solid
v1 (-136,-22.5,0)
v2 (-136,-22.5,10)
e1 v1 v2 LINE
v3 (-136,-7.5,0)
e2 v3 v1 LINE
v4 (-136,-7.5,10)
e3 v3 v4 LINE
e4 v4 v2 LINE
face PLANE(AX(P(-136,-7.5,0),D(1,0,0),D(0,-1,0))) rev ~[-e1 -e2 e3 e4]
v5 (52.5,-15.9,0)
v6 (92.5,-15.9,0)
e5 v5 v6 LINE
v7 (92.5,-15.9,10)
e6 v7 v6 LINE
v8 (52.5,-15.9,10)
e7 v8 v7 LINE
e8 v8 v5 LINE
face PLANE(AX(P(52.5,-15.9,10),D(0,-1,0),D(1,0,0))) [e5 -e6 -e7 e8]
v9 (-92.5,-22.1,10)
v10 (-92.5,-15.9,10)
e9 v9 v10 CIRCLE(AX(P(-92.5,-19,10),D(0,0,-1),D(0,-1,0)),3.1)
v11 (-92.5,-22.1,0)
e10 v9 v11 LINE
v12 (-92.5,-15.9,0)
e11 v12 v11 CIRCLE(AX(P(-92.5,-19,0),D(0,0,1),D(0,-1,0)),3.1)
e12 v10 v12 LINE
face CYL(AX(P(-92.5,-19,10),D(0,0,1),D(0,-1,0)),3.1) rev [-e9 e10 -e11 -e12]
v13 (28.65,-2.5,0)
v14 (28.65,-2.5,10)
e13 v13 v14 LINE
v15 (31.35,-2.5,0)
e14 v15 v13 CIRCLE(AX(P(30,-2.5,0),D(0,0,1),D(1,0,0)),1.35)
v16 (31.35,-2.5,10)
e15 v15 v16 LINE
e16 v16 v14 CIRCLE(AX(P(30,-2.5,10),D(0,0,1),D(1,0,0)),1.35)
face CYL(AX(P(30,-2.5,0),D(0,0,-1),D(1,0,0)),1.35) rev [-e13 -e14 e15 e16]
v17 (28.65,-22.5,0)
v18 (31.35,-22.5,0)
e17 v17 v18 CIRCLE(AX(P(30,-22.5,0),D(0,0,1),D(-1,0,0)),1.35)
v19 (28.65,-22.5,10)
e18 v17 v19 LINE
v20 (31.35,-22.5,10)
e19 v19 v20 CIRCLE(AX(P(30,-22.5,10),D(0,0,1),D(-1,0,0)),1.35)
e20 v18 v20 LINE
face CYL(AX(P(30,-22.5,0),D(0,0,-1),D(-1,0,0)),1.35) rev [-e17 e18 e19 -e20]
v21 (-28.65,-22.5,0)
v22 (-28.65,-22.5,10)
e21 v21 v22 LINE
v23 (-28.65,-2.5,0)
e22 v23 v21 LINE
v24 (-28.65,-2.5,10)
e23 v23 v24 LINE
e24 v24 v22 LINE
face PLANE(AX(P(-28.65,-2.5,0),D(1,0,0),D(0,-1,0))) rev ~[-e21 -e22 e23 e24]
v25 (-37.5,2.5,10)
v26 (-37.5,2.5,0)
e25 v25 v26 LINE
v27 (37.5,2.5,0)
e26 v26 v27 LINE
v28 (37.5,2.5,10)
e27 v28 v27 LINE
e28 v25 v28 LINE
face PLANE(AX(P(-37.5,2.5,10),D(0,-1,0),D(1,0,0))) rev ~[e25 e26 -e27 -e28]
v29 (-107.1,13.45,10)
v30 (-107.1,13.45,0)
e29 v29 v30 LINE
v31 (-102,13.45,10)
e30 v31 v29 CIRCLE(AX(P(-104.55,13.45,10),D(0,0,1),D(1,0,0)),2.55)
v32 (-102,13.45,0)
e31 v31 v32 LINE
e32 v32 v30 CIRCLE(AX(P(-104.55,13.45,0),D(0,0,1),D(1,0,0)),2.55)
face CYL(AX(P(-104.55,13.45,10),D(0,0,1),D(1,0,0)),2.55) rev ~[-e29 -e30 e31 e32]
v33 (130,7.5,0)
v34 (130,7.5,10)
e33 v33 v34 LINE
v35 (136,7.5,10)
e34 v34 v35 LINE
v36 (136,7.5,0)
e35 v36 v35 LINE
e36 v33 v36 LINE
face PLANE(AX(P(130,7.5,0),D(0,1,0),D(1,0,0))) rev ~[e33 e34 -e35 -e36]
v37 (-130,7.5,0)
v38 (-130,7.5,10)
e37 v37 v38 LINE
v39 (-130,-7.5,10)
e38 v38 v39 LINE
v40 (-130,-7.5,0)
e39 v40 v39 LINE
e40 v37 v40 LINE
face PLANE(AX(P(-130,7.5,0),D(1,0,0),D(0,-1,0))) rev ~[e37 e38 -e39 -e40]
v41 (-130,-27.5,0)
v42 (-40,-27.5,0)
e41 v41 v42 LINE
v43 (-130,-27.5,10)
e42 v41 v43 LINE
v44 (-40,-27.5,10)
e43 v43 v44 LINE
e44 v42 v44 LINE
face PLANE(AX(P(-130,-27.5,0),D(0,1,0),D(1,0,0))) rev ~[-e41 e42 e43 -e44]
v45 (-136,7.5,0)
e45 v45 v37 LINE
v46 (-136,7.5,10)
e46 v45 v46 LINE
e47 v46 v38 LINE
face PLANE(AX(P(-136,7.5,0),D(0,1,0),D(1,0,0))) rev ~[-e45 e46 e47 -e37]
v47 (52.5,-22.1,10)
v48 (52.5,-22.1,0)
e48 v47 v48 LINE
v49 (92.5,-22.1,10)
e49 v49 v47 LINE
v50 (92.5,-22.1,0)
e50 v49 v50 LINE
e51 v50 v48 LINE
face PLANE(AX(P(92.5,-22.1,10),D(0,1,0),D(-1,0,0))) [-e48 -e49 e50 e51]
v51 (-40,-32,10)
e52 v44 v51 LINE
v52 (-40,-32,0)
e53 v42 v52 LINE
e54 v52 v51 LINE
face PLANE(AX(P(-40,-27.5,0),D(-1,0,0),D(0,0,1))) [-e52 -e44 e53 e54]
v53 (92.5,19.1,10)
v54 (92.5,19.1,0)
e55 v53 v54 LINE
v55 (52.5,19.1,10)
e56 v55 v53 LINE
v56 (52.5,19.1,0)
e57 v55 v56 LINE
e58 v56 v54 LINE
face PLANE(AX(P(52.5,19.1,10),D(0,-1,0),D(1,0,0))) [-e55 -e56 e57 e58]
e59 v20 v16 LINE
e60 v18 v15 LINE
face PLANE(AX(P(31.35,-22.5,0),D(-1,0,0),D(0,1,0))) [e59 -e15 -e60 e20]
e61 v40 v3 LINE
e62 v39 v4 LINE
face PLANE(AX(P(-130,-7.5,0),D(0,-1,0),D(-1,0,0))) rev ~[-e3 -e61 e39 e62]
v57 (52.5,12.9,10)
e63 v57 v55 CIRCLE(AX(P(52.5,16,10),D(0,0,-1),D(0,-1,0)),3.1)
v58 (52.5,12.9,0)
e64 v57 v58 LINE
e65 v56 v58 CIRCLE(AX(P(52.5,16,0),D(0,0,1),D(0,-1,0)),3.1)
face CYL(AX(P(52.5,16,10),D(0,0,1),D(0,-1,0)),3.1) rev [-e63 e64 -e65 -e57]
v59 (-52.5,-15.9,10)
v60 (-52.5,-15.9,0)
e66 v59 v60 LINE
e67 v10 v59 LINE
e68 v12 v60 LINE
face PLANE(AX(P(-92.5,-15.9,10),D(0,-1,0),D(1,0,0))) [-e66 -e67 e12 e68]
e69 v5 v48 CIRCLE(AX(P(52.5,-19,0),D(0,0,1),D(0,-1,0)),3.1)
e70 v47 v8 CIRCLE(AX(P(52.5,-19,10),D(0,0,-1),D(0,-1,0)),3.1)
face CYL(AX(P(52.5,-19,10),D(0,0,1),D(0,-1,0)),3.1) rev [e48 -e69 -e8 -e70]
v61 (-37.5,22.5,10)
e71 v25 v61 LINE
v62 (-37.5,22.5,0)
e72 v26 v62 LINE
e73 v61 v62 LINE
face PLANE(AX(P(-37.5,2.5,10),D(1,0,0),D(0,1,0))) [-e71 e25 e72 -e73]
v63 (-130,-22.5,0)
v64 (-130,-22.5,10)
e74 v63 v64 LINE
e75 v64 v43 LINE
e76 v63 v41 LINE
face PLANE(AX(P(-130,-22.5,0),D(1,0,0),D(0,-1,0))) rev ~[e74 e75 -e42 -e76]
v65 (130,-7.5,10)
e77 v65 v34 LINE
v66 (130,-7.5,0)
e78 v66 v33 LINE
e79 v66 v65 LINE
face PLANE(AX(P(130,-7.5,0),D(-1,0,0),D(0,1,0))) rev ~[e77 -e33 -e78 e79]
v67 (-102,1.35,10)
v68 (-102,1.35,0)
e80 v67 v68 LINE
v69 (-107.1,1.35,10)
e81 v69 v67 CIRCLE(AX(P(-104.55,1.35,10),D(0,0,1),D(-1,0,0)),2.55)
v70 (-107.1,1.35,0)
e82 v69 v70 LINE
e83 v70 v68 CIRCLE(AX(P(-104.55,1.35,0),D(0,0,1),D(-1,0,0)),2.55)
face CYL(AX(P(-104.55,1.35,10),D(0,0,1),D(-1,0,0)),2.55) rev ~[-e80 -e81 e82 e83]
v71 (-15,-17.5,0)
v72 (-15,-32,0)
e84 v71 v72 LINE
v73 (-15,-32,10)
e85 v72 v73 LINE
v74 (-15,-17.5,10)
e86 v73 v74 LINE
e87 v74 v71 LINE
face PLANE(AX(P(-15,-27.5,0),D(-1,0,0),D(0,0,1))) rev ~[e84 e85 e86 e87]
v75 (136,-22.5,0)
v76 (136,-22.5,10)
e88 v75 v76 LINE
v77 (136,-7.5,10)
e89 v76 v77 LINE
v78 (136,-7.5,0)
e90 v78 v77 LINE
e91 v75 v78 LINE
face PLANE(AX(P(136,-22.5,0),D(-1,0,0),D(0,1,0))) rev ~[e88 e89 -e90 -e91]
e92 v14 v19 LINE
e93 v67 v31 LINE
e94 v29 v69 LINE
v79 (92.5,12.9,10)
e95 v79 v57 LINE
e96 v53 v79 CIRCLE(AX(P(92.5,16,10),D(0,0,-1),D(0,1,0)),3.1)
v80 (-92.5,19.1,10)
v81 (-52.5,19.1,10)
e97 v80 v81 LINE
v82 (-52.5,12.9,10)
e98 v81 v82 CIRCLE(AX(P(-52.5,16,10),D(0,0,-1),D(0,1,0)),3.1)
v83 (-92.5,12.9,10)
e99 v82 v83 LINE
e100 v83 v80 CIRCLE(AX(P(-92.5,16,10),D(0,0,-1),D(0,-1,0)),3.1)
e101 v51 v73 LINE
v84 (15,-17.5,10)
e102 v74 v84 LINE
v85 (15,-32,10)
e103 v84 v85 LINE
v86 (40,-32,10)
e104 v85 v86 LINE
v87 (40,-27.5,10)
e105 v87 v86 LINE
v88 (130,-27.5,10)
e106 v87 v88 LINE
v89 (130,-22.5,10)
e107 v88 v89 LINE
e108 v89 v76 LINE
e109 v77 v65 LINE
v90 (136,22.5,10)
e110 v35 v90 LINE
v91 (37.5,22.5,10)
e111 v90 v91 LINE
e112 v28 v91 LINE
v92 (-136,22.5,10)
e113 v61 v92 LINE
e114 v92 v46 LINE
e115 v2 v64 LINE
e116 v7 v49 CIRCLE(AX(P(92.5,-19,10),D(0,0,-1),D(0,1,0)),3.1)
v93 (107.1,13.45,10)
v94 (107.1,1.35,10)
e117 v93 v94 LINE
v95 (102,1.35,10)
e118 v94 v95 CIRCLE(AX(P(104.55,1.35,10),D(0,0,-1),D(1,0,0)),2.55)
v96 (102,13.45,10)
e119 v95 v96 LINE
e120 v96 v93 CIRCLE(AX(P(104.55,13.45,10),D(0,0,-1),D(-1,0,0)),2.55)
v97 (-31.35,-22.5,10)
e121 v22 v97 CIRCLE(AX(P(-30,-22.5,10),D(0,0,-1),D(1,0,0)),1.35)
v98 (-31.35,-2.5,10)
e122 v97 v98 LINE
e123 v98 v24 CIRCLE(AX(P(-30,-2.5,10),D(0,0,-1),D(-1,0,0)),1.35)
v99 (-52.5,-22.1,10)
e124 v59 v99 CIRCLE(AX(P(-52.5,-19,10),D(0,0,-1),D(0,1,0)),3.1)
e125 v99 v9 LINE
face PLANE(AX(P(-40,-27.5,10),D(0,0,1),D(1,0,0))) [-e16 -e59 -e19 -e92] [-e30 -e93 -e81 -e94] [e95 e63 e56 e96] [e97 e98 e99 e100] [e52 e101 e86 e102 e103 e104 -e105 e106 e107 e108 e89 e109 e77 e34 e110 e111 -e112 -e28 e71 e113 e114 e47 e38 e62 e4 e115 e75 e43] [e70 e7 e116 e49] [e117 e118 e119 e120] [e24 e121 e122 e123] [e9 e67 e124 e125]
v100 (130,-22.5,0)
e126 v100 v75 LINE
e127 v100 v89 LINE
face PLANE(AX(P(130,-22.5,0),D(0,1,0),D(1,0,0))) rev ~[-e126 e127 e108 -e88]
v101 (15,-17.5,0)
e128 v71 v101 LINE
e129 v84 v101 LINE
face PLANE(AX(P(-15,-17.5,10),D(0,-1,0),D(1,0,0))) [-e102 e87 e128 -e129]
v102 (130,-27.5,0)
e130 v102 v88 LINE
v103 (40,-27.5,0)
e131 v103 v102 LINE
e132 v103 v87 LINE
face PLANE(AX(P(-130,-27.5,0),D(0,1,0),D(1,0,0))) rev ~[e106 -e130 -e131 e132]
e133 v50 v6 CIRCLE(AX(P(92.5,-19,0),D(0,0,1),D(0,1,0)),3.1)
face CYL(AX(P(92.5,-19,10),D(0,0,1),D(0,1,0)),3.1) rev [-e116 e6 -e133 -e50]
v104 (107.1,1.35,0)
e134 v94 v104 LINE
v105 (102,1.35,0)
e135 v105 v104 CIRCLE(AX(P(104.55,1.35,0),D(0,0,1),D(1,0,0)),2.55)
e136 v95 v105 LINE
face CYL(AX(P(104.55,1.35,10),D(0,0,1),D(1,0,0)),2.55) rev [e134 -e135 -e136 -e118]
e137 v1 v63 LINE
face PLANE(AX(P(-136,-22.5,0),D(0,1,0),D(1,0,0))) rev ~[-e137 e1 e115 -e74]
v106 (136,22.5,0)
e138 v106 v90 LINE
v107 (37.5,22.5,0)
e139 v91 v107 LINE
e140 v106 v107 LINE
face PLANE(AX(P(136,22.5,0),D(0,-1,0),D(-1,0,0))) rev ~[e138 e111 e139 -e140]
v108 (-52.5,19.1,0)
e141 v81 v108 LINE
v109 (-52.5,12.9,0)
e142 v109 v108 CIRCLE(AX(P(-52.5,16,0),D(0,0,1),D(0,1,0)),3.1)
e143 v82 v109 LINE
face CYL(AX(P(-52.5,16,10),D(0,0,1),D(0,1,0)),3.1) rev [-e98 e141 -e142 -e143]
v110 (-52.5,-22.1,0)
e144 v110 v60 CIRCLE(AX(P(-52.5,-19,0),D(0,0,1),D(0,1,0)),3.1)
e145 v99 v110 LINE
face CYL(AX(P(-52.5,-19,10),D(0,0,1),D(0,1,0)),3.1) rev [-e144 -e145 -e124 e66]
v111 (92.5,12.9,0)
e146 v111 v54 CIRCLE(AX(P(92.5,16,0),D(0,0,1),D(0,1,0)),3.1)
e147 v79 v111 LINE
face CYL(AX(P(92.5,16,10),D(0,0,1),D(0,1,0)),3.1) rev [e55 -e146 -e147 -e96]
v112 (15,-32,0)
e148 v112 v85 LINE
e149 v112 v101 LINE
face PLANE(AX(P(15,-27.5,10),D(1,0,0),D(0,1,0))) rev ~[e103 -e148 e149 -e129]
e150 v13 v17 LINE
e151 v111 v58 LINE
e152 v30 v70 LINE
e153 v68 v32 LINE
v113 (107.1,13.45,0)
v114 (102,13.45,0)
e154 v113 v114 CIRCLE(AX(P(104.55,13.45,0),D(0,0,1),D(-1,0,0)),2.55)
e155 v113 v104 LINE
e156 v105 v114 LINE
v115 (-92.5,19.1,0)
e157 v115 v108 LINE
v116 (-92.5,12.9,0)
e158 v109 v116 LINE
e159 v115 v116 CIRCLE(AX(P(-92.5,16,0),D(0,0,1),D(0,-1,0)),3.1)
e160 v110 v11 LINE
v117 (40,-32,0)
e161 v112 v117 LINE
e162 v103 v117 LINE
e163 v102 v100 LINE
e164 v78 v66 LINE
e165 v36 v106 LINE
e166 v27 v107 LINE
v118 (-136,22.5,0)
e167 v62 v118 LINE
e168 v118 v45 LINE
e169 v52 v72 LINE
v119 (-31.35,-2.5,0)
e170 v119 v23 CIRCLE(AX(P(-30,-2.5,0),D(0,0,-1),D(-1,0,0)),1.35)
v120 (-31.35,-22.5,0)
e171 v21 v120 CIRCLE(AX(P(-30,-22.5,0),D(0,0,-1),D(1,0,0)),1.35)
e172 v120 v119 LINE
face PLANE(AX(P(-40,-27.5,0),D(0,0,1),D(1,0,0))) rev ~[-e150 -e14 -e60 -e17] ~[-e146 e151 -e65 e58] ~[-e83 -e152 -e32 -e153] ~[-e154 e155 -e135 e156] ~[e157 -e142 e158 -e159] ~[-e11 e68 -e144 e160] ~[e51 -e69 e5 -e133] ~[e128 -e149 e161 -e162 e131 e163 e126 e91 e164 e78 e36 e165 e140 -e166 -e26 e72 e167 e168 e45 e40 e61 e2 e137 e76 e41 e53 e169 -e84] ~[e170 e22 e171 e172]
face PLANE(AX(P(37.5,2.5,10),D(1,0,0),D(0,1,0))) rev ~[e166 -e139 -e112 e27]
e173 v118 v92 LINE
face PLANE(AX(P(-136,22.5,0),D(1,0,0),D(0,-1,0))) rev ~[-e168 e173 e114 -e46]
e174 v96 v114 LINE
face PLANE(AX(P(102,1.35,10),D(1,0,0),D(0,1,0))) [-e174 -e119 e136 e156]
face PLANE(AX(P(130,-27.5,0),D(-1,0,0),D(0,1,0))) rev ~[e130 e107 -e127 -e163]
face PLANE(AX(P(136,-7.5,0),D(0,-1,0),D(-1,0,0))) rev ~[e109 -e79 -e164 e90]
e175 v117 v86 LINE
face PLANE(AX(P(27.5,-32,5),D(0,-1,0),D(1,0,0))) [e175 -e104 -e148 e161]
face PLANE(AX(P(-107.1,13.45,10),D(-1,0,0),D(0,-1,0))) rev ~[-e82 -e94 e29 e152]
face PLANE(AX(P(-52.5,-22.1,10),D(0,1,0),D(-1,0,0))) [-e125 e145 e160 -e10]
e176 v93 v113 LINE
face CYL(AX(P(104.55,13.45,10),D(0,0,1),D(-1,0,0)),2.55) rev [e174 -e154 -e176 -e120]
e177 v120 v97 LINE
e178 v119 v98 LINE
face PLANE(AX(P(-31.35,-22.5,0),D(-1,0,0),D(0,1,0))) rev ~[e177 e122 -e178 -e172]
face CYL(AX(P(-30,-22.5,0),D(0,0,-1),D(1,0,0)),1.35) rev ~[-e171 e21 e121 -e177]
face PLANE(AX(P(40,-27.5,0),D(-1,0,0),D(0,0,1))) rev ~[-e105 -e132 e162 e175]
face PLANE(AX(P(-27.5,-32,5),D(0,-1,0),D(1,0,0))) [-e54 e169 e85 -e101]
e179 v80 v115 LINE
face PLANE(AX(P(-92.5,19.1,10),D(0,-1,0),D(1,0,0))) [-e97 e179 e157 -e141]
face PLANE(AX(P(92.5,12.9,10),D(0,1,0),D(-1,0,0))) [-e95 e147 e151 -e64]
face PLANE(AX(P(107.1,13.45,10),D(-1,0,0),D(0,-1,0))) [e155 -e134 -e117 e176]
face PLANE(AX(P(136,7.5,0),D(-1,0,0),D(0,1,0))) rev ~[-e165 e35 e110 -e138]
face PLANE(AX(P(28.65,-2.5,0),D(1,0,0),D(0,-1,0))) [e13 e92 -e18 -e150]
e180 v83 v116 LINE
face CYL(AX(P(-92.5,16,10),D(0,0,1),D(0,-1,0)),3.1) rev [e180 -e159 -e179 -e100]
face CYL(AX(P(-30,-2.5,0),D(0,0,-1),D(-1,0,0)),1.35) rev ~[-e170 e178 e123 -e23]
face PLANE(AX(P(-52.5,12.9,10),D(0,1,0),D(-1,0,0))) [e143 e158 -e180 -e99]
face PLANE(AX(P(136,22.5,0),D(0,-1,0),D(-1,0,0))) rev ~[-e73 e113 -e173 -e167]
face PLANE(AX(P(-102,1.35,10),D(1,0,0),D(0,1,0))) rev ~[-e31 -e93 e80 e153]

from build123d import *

# Parameters (mm, degrees)
EXTRUDE_1_DEPTH     = 10
CUT_EXTRUDE_1_DEPTH = 140.112364655
SKETCH_3_W          = 30
SKETCH_3_H          = 10
SKETCH_3_W_2        = 75
SKETCH_3_H_2        = 20
CUT_EXTRUDE_2_DEPTH = 140.112364655
SKETCH_4_W          = 25
SKETCH_4_H          = 10
EXTRUDE_2_DEPTH     = 4.5
CUT_EXTRUDE_3_DEPTH = 141.071410359


with BuildPart() as part:
    # 草圖1 → 填料-伸長1 (new body)
    with BuildSketch(Plane.XY):
        Polygon((136, -22.5), (136, -7.5), (130, -7.5), (130, 7.5), (136, 7.5), (136, 22.5), (-136, 22.5), (-136, 7.5), (-130, 7.5), (-130, -7.5), (-136, -7.5), (-136, -22.5), (-130, -22.5), (-130, -27.5), (130, -27.5), (130, -22.5), align=None)
        with BuildLine():
            Line((-31.35, -22.5), (-31.35, -2.5))
            ThreePointArc((-31.35, -2.5), (-30, -1.15), (-28.65, -2.5))
            Line((-28.65, -2.5), (-28.65, -22.5))
            ThreePointArc((-28.65, -22.5), (-30, -23.85), (-31.35, -22.5))
        make_face(mode=Mode.SUBTRACT)
        with BuildLine():
            Line((31.35, -22.5), (31.35, -2.5))
            ThreePointArc((31.35, -2.5), (30, -1.15), (28.65, -2.5))
            Line((28.65, -2.5), (28.65, -22.5))
            ThreePointArc((28.65, -22.5), (30, -23.85), (31.35, -22.5))
        make_face(mode=Mode.SUBTRACT)
    extrude(amount=EXTRUDE_1_DEPTH)

    # 草圖2 → 除料-伸長1 (cut, through all)
    with BuildSketch(Plane.XY.offset(10)):
        with BuildLine():
            Line((-92.5, 19.1), (-52.5, 19.1))
            ThreePointArc((-52.5, 19.1), (-49.4, 16), (-52.5, 12.9))
            Line((-52.5, 12.9), (-92.5, 12.9))
            ThreePointArc((-92.5, 12.9), (-95.6, 16), (-92.5, 19.1))
        make_face()
        with BuildLine():
            Line((-92.5, -15.9), (-52.5, -15.9))
            ThreePointArc((-52.5, -15.9), (-49.4, -19), (-52.5, -22.1))
            Line((-52.5, -22.1), (-92.5, -22.1))
            ThreePointArc((-92.5, -22.1), (-95.6, -19), (-92.5, -15.9))
        make_face()
        with BuildLine():
            Line((52.5, 19.1), (92.5, 19.1))
            ThreePointArc((92.5, 19.1), (95.6, 16), (92.5, 12.9))
            Line((92.5, 12.9), (52.5, 12.9))
            ThreePointArc((52.5, 12.9), (49.4, 16), (52.5, 19.1))
        make_face()
        with BuildLine():
            Line((52.5, -15.9), (92.5, -15.9))
            ThreePointArc((92.5, -15.9), (95.6, -19), (92.5, -22.1))
            Line((92.5, -22.1), (52.5, -22.1))
            ThreePointArc((52.5, -22.1), (49.4, -19), (52.5, -15.9))
        make_face()
    extrude(amount=-CUT_EXTRUDE_1_DEPTH, mode=Mode.SUBTRACT)

    # 草圖3 → 除料-伸長2 (cut, through all)
    with BuildSketch(Plane.XY.offset(10)):
        with Locations((0, -22.5)):
            Rectangle(SKETCH_3_W, SKETCH_3_H)
        with Locations((0, 12.5)):
            Rectangle(SKETCH_3_W_2, SKETCH_3_H_2)
    extrude(amount=-CUT_EXTRUDE_2_DEPTH, mode=Mode.SUBTRACT)

    # 草圖4 → 填料-伸長2 (add)
    with BuildSketch(Plane.XZ.offset(27.5)):
        with Locations((-27.5, 5)):
            Rectangle(SKETCH_4_W, SKETCH_4_H)
        with Locations((27.5, 5)):
            Rectangle(SKETCH_4_W, SKETCH_4_H)
    extrude(amount=EXTRUDE_2_DEPTH)

    # 草圖5 → 除料-伸長3 (cut, through all)
    with BuildSketch(Plane.XY.offset(10)):
        with BuildLine():
            Line((-107.1, 13.45), (-107.1, 1.35))
            ThreePointArc((-107.1, 1.35), (-104.55, -1.2), (-102, 1.35))
            Line((-102, 1.35), (-102, 13.45))
            ThreePointArc((-102, 13.45), (-104.55, 16), (-107.1, 13.45))
        make_face()
        with BuildLine():
            Line((107.1, 13.45), (107.1, 1.35))
            ThreePointArc((107.1, 1.35), (104.55, -1.2), (102, 1.35))
            Line((102, 1.35), (102, 13.45))
            ThreePointArc((102, 13.45), (104.55, 16), (107.1, 13.45))
        make_face()
    extrude(amount=-CUT_EXTRUDE_3_DEPTH, mode=Mode.SUBTRACT)


solid = part.part
